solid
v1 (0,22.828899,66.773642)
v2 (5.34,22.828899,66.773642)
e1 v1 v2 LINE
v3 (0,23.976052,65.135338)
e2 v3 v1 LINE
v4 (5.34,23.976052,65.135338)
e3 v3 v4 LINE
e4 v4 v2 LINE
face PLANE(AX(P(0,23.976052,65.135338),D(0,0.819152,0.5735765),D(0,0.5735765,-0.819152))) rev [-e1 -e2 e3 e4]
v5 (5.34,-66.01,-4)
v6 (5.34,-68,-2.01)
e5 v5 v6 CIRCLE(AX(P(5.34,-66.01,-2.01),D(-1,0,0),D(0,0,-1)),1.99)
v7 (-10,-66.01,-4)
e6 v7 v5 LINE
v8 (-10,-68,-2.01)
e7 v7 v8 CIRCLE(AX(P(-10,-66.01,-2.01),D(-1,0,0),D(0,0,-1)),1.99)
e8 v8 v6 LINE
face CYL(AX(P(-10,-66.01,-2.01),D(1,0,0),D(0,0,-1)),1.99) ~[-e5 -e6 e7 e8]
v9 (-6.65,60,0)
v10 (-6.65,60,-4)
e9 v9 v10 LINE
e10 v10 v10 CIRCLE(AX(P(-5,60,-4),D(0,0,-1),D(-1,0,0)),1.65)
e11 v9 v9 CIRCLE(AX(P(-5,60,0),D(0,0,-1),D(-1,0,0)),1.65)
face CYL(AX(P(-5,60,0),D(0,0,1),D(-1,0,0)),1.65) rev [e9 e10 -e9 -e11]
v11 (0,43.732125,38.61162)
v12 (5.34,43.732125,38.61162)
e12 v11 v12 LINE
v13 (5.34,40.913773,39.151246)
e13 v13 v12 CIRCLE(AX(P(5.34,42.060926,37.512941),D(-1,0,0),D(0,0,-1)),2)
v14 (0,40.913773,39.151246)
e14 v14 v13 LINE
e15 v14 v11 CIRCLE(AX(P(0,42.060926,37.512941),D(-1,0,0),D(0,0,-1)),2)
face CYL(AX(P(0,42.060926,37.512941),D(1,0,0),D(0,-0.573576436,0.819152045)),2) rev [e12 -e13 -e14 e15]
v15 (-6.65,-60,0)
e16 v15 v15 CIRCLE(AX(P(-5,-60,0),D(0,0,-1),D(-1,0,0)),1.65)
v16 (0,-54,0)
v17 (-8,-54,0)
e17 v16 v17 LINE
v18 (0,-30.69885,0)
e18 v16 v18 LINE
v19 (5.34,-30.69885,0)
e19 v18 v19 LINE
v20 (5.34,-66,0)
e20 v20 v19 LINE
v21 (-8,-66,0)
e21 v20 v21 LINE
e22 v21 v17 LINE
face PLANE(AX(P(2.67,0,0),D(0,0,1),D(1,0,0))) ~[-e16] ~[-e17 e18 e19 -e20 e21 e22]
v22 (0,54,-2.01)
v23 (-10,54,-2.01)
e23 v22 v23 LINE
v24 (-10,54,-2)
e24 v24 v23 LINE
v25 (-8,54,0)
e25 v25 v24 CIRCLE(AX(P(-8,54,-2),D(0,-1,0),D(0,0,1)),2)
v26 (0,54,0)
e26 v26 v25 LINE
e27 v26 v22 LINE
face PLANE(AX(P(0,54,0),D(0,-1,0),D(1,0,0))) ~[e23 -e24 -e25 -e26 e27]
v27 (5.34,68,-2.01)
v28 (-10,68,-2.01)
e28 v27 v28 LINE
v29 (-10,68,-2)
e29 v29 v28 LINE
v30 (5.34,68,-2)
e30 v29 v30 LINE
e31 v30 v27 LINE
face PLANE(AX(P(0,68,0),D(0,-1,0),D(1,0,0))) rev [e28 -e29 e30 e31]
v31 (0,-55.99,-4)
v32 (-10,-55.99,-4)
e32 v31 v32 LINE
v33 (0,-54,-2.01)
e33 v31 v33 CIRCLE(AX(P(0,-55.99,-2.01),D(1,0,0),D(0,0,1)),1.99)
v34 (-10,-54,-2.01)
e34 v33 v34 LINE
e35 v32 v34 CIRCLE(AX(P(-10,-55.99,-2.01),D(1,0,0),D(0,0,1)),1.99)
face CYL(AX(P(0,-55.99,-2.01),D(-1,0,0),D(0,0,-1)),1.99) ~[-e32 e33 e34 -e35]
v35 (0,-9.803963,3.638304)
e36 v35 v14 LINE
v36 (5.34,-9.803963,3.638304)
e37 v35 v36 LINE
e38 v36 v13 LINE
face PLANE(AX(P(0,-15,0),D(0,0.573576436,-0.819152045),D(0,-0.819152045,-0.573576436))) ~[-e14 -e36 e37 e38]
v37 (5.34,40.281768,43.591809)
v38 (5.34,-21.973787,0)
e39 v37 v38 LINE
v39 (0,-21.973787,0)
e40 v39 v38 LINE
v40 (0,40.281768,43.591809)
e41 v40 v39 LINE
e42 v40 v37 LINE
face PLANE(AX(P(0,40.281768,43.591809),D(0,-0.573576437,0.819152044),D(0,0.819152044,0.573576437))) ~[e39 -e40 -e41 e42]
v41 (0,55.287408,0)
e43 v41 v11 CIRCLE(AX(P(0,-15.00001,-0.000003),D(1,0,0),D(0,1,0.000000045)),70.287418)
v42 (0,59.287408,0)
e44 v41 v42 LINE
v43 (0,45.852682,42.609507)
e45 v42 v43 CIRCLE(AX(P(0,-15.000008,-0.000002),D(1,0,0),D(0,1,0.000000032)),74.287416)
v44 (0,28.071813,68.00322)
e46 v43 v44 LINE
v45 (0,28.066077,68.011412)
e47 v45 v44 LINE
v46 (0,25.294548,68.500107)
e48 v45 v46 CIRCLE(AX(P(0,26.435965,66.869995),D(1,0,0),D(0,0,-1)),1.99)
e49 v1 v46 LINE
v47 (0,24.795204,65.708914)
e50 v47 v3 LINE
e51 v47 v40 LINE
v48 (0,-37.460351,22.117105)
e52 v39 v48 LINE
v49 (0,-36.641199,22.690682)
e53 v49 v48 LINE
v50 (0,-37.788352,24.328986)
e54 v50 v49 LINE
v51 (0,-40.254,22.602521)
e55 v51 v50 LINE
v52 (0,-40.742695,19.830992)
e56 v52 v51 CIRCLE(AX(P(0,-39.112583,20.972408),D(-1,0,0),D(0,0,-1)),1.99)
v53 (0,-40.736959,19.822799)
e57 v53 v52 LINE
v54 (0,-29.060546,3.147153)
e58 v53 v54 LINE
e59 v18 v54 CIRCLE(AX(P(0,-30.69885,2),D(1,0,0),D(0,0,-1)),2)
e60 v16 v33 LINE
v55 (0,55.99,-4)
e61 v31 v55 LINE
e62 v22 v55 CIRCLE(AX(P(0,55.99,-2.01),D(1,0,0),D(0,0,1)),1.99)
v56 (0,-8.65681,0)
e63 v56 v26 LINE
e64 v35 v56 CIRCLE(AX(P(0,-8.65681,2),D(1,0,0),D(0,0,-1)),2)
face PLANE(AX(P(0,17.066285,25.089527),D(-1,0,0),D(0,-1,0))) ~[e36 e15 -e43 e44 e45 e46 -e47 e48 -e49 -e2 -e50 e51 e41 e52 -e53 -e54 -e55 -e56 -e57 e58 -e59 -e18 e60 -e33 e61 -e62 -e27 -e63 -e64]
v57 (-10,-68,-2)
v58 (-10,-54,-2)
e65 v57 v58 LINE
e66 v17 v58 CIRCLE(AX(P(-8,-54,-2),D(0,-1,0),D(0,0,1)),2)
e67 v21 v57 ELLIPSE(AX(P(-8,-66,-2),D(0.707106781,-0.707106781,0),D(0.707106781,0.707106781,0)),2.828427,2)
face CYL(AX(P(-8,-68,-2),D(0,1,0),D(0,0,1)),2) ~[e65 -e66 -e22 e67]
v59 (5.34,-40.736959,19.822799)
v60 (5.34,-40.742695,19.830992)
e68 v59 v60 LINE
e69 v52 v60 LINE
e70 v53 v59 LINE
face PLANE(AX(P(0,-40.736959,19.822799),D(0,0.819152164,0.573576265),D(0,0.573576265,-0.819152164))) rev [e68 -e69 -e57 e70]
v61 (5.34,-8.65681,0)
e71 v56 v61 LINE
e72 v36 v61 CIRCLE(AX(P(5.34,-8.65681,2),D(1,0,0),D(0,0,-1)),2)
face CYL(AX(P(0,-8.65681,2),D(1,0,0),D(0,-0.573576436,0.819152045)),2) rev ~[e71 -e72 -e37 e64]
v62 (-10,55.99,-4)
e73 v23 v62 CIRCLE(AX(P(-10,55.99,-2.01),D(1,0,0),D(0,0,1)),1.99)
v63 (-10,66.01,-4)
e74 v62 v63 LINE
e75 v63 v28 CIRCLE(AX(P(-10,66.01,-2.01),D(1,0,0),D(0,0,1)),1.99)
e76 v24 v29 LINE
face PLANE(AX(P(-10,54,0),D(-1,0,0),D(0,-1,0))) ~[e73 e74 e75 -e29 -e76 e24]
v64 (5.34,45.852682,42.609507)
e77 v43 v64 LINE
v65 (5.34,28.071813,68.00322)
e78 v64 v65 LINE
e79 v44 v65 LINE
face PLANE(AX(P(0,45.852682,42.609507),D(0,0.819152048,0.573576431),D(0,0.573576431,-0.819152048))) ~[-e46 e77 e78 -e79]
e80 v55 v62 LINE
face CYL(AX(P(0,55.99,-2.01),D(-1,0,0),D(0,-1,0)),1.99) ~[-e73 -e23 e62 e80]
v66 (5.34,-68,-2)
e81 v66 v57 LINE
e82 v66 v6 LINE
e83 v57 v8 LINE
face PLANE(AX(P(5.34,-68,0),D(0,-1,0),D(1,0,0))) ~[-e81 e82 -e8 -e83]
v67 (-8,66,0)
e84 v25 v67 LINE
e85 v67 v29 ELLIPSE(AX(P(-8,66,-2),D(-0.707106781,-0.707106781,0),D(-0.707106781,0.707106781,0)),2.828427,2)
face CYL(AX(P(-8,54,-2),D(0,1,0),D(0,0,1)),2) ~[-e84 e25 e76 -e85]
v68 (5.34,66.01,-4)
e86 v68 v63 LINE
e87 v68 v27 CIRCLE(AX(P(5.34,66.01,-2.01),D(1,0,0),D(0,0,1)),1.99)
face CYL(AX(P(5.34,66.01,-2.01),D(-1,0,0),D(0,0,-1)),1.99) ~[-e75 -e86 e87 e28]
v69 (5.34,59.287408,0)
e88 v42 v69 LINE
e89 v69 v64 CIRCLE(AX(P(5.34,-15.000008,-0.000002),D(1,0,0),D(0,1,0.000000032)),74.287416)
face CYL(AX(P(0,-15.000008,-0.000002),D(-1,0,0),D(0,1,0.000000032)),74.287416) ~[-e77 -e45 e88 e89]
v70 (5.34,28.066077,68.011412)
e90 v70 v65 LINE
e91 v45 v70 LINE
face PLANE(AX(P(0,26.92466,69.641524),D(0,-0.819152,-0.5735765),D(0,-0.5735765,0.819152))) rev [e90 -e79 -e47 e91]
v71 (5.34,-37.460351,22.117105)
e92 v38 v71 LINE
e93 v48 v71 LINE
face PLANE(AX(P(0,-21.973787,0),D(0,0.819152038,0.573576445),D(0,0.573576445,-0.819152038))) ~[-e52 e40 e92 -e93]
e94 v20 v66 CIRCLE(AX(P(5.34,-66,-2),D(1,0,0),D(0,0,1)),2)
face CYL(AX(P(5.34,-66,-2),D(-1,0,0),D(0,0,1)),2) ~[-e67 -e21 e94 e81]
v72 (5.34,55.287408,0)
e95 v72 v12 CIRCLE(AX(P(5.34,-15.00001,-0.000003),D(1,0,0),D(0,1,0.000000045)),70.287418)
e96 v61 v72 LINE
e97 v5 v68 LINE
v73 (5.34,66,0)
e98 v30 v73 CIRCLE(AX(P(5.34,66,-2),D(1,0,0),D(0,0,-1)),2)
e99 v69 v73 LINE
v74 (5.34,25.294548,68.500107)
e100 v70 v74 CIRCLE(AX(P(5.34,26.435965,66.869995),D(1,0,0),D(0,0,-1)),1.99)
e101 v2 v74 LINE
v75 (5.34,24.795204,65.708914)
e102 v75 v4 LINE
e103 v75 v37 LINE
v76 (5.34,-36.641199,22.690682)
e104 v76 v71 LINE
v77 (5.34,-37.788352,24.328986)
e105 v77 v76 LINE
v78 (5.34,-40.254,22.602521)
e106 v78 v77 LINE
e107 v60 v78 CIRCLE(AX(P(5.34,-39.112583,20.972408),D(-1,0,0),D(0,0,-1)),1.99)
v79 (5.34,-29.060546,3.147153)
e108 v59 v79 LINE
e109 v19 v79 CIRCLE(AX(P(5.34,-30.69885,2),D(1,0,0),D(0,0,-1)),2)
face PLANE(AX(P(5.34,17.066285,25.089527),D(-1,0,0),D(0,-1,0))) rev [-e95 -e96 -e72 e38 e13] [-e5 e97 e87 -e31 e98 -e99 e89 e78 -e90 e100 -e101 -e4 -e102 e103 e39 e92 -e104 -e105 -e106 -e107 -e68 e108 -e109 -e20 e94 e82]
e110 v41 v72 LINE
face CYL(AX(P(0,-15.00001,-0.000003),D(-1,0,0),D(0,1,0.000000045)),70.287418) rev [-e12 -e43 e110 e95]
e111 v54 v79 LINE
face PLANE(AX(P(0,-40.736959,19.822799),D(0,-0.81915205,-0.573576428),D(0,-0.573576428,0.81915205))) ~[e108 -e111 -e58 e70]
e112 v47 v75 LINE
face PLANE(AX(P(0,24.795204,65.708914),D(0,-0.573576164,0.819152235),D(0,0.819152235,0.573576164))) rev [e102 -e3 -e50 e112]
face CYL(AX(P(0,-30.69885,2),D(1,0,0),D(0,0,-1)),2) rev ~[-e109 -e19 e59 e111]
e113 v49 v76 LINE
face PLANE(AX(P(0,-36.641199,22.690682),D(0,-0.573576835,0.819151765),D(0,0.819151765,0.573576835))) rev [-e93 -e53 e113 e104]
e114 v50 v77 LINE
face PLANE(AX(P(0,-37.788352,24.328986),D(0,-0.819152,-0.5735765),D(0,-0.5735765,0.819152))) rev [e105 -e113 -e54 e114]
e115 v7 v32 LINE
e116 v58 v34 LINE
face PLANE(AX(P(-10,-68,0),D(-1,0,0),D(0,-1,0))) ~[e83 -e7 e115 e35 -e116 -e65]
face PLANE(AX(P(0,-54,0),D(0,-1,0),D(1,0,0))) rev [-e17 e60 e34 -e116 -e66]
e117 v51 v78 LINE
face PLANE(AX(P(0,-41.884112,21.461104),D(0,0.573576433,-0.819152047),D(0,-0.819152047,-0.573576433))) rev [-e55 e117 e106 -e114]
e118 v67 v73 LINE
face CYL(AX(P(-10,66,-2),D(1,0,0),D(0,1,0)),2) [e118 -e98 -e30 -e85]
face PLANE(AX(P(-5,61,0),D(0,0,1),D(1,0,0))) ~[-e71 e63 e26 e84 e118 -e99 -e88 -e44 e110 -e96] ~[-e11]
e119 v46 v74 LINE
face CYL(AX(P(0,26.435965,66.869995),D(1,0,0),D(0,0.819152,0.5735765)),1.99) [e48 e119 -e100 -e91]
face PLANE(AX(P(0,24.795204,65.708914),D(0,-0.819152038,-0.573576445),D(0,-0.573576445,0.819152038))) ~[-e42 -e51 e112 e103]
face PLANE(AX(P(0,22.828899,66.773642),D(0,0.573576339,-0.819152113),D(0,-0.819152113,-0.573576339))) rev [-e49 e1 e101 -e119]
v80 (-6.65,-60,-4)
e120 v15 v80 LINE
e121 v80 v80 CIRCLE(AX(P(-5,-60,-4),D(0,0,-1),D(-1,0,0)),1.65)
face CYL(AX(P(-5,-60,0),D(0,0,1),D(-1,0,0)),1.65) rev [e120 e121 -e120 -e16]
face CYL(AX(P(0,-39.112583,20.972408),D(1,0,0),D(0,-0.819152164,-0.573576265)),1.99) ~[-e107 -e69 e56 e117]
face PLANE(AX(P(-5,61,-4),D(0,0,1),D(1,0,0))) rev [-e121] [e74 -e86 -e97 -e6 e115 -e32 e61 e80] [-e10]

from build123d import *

# Parameters (mm, degrees)
SKETCH_W     = 5.34
SKETCH_H     = 136
PAD_DEPTH    = 4
PAD001_DEPTH = 5.34
SKETCH002_W  = 10
SKETCH002_H  = 14
SKETCH002_R  = 1.65
PAD002_DEPTH = 4
FILLET_R     = 2
FILLET001_R  = 1.99


with BuildPart() as body:
    # Sketch → Pad (new body)
    with BuildSketch(Plane.XY):
        with Locations((-2.67, 0)):
            Rectangle(SKETCH_W, SKETCH_H)
    extrude(amount=-PAD_DEPTH)

    # Sketch001 → Pad001 (join)
    with BuildSketch(Plane.YZ):
        with BuildLine():
            ThreePointArc((59.287408, 0), (55.84916, 22.338654), (45.852682, 42.609507))
            Line((45.852682, 42.609507), (28.071813, 68.00322))
            Line((26.92466, 69.641524), (28.071813, 68.00322))
            Line((22.828899, 66.773642), (26.92466, 69.641524))
            Line((23.976052, 65.135338), (22.828899, 66.773642))
            Line((24.795204, 65.708914), (23.976052, 65.135338))
            Line((24.795204, 65.708914), (40.281768, 43.591809))
            Line((40.281768, 43.591809), (-21.973787, 0))
            Line((-21.973787, 0), (-37.460351, 22.117105))
            Line((-36.641199, 22.690682), (-37.460351, 22.117105))
            Line((-37.788352, 24.328986), (-36.641199, 22.690682))
            Line((-41.884112, 21.461104), (-37.788352, 24.328986))
            Line((-40.736959, 19.822799), (-41.884112, 21.461104))
            Line((-40.736959, 19.822799), (-26.856886, 0))
            Line((-26.856886, 0), (-26.856886, -1))
            Line((-26.856886, -1), (-15, -1))
            Line((-15, -1), (-15, 0))
            Line((-15, 0), (42.576074, 40.315201))
            ThreePointArc((55.287408, 0), (52.034292, 21.135831), (42.576074, 40.315201))
            Line((55.287408, 0), (59.287408, 0))
        make_face()
    extrude(amount=-PAD001_DEPTH)

    # Sketch002 → Pad002 (join)
    with BuildSketch(Plane.XY):
        with Locations((5, 61)):
            Rectangle(SKETCH002_W, SKETCH002_H)
        with Locations((5, 60)):
            Circle(SKETCH002_R, mode=Mode.SUBTRACT)
        with Locations((5, -61)):
            Rectangle(SKETCH002_W, SKETCH002_H)
        with Locations((5, -60)):
            Circle(SKETCH002_R, mode=Mode.SUBTRACT)
    extrude(amount=-PAD002_DEPTH)

    # Fillet
    fillet_edges = [body.edges().sort_by_distance(p)[0] for p in [
        (10, 61, 0),
        (10, -61, 0),
        (5, -68, 0),
        (5, 68, 0),
        (-2.67, -26.856886, 0),
        (-2.67, -15, 0),
        (-2.67, 42.576074, 40.315201),
    ]]
    fillet(fillet_edges, radius=FILLET_R)

    # Fillet001
    fillet001_edges = [body.edges().sort_by_distance(p)[0] for p in [
        (5, -68, -4),
        (5, 68, -4),
        (5, 54, -4),
        (5, -54, -4),
        (-2.67, -41.884112, 21.461104),
        (-2.67, 26.92466, 69.641524),
    ]]
    fillet(fillet001_edges, radius=FILLET001_R)


with BuildPart() as part_mirroring:
    # Part__Mirroring: instance of Body
    add(body.part.mirror(Plane(origin=(0, 0, 0), x_dir=(0, -1, 0), z_dir=(1, 0, 0))))


solid = part_mirroring.part
